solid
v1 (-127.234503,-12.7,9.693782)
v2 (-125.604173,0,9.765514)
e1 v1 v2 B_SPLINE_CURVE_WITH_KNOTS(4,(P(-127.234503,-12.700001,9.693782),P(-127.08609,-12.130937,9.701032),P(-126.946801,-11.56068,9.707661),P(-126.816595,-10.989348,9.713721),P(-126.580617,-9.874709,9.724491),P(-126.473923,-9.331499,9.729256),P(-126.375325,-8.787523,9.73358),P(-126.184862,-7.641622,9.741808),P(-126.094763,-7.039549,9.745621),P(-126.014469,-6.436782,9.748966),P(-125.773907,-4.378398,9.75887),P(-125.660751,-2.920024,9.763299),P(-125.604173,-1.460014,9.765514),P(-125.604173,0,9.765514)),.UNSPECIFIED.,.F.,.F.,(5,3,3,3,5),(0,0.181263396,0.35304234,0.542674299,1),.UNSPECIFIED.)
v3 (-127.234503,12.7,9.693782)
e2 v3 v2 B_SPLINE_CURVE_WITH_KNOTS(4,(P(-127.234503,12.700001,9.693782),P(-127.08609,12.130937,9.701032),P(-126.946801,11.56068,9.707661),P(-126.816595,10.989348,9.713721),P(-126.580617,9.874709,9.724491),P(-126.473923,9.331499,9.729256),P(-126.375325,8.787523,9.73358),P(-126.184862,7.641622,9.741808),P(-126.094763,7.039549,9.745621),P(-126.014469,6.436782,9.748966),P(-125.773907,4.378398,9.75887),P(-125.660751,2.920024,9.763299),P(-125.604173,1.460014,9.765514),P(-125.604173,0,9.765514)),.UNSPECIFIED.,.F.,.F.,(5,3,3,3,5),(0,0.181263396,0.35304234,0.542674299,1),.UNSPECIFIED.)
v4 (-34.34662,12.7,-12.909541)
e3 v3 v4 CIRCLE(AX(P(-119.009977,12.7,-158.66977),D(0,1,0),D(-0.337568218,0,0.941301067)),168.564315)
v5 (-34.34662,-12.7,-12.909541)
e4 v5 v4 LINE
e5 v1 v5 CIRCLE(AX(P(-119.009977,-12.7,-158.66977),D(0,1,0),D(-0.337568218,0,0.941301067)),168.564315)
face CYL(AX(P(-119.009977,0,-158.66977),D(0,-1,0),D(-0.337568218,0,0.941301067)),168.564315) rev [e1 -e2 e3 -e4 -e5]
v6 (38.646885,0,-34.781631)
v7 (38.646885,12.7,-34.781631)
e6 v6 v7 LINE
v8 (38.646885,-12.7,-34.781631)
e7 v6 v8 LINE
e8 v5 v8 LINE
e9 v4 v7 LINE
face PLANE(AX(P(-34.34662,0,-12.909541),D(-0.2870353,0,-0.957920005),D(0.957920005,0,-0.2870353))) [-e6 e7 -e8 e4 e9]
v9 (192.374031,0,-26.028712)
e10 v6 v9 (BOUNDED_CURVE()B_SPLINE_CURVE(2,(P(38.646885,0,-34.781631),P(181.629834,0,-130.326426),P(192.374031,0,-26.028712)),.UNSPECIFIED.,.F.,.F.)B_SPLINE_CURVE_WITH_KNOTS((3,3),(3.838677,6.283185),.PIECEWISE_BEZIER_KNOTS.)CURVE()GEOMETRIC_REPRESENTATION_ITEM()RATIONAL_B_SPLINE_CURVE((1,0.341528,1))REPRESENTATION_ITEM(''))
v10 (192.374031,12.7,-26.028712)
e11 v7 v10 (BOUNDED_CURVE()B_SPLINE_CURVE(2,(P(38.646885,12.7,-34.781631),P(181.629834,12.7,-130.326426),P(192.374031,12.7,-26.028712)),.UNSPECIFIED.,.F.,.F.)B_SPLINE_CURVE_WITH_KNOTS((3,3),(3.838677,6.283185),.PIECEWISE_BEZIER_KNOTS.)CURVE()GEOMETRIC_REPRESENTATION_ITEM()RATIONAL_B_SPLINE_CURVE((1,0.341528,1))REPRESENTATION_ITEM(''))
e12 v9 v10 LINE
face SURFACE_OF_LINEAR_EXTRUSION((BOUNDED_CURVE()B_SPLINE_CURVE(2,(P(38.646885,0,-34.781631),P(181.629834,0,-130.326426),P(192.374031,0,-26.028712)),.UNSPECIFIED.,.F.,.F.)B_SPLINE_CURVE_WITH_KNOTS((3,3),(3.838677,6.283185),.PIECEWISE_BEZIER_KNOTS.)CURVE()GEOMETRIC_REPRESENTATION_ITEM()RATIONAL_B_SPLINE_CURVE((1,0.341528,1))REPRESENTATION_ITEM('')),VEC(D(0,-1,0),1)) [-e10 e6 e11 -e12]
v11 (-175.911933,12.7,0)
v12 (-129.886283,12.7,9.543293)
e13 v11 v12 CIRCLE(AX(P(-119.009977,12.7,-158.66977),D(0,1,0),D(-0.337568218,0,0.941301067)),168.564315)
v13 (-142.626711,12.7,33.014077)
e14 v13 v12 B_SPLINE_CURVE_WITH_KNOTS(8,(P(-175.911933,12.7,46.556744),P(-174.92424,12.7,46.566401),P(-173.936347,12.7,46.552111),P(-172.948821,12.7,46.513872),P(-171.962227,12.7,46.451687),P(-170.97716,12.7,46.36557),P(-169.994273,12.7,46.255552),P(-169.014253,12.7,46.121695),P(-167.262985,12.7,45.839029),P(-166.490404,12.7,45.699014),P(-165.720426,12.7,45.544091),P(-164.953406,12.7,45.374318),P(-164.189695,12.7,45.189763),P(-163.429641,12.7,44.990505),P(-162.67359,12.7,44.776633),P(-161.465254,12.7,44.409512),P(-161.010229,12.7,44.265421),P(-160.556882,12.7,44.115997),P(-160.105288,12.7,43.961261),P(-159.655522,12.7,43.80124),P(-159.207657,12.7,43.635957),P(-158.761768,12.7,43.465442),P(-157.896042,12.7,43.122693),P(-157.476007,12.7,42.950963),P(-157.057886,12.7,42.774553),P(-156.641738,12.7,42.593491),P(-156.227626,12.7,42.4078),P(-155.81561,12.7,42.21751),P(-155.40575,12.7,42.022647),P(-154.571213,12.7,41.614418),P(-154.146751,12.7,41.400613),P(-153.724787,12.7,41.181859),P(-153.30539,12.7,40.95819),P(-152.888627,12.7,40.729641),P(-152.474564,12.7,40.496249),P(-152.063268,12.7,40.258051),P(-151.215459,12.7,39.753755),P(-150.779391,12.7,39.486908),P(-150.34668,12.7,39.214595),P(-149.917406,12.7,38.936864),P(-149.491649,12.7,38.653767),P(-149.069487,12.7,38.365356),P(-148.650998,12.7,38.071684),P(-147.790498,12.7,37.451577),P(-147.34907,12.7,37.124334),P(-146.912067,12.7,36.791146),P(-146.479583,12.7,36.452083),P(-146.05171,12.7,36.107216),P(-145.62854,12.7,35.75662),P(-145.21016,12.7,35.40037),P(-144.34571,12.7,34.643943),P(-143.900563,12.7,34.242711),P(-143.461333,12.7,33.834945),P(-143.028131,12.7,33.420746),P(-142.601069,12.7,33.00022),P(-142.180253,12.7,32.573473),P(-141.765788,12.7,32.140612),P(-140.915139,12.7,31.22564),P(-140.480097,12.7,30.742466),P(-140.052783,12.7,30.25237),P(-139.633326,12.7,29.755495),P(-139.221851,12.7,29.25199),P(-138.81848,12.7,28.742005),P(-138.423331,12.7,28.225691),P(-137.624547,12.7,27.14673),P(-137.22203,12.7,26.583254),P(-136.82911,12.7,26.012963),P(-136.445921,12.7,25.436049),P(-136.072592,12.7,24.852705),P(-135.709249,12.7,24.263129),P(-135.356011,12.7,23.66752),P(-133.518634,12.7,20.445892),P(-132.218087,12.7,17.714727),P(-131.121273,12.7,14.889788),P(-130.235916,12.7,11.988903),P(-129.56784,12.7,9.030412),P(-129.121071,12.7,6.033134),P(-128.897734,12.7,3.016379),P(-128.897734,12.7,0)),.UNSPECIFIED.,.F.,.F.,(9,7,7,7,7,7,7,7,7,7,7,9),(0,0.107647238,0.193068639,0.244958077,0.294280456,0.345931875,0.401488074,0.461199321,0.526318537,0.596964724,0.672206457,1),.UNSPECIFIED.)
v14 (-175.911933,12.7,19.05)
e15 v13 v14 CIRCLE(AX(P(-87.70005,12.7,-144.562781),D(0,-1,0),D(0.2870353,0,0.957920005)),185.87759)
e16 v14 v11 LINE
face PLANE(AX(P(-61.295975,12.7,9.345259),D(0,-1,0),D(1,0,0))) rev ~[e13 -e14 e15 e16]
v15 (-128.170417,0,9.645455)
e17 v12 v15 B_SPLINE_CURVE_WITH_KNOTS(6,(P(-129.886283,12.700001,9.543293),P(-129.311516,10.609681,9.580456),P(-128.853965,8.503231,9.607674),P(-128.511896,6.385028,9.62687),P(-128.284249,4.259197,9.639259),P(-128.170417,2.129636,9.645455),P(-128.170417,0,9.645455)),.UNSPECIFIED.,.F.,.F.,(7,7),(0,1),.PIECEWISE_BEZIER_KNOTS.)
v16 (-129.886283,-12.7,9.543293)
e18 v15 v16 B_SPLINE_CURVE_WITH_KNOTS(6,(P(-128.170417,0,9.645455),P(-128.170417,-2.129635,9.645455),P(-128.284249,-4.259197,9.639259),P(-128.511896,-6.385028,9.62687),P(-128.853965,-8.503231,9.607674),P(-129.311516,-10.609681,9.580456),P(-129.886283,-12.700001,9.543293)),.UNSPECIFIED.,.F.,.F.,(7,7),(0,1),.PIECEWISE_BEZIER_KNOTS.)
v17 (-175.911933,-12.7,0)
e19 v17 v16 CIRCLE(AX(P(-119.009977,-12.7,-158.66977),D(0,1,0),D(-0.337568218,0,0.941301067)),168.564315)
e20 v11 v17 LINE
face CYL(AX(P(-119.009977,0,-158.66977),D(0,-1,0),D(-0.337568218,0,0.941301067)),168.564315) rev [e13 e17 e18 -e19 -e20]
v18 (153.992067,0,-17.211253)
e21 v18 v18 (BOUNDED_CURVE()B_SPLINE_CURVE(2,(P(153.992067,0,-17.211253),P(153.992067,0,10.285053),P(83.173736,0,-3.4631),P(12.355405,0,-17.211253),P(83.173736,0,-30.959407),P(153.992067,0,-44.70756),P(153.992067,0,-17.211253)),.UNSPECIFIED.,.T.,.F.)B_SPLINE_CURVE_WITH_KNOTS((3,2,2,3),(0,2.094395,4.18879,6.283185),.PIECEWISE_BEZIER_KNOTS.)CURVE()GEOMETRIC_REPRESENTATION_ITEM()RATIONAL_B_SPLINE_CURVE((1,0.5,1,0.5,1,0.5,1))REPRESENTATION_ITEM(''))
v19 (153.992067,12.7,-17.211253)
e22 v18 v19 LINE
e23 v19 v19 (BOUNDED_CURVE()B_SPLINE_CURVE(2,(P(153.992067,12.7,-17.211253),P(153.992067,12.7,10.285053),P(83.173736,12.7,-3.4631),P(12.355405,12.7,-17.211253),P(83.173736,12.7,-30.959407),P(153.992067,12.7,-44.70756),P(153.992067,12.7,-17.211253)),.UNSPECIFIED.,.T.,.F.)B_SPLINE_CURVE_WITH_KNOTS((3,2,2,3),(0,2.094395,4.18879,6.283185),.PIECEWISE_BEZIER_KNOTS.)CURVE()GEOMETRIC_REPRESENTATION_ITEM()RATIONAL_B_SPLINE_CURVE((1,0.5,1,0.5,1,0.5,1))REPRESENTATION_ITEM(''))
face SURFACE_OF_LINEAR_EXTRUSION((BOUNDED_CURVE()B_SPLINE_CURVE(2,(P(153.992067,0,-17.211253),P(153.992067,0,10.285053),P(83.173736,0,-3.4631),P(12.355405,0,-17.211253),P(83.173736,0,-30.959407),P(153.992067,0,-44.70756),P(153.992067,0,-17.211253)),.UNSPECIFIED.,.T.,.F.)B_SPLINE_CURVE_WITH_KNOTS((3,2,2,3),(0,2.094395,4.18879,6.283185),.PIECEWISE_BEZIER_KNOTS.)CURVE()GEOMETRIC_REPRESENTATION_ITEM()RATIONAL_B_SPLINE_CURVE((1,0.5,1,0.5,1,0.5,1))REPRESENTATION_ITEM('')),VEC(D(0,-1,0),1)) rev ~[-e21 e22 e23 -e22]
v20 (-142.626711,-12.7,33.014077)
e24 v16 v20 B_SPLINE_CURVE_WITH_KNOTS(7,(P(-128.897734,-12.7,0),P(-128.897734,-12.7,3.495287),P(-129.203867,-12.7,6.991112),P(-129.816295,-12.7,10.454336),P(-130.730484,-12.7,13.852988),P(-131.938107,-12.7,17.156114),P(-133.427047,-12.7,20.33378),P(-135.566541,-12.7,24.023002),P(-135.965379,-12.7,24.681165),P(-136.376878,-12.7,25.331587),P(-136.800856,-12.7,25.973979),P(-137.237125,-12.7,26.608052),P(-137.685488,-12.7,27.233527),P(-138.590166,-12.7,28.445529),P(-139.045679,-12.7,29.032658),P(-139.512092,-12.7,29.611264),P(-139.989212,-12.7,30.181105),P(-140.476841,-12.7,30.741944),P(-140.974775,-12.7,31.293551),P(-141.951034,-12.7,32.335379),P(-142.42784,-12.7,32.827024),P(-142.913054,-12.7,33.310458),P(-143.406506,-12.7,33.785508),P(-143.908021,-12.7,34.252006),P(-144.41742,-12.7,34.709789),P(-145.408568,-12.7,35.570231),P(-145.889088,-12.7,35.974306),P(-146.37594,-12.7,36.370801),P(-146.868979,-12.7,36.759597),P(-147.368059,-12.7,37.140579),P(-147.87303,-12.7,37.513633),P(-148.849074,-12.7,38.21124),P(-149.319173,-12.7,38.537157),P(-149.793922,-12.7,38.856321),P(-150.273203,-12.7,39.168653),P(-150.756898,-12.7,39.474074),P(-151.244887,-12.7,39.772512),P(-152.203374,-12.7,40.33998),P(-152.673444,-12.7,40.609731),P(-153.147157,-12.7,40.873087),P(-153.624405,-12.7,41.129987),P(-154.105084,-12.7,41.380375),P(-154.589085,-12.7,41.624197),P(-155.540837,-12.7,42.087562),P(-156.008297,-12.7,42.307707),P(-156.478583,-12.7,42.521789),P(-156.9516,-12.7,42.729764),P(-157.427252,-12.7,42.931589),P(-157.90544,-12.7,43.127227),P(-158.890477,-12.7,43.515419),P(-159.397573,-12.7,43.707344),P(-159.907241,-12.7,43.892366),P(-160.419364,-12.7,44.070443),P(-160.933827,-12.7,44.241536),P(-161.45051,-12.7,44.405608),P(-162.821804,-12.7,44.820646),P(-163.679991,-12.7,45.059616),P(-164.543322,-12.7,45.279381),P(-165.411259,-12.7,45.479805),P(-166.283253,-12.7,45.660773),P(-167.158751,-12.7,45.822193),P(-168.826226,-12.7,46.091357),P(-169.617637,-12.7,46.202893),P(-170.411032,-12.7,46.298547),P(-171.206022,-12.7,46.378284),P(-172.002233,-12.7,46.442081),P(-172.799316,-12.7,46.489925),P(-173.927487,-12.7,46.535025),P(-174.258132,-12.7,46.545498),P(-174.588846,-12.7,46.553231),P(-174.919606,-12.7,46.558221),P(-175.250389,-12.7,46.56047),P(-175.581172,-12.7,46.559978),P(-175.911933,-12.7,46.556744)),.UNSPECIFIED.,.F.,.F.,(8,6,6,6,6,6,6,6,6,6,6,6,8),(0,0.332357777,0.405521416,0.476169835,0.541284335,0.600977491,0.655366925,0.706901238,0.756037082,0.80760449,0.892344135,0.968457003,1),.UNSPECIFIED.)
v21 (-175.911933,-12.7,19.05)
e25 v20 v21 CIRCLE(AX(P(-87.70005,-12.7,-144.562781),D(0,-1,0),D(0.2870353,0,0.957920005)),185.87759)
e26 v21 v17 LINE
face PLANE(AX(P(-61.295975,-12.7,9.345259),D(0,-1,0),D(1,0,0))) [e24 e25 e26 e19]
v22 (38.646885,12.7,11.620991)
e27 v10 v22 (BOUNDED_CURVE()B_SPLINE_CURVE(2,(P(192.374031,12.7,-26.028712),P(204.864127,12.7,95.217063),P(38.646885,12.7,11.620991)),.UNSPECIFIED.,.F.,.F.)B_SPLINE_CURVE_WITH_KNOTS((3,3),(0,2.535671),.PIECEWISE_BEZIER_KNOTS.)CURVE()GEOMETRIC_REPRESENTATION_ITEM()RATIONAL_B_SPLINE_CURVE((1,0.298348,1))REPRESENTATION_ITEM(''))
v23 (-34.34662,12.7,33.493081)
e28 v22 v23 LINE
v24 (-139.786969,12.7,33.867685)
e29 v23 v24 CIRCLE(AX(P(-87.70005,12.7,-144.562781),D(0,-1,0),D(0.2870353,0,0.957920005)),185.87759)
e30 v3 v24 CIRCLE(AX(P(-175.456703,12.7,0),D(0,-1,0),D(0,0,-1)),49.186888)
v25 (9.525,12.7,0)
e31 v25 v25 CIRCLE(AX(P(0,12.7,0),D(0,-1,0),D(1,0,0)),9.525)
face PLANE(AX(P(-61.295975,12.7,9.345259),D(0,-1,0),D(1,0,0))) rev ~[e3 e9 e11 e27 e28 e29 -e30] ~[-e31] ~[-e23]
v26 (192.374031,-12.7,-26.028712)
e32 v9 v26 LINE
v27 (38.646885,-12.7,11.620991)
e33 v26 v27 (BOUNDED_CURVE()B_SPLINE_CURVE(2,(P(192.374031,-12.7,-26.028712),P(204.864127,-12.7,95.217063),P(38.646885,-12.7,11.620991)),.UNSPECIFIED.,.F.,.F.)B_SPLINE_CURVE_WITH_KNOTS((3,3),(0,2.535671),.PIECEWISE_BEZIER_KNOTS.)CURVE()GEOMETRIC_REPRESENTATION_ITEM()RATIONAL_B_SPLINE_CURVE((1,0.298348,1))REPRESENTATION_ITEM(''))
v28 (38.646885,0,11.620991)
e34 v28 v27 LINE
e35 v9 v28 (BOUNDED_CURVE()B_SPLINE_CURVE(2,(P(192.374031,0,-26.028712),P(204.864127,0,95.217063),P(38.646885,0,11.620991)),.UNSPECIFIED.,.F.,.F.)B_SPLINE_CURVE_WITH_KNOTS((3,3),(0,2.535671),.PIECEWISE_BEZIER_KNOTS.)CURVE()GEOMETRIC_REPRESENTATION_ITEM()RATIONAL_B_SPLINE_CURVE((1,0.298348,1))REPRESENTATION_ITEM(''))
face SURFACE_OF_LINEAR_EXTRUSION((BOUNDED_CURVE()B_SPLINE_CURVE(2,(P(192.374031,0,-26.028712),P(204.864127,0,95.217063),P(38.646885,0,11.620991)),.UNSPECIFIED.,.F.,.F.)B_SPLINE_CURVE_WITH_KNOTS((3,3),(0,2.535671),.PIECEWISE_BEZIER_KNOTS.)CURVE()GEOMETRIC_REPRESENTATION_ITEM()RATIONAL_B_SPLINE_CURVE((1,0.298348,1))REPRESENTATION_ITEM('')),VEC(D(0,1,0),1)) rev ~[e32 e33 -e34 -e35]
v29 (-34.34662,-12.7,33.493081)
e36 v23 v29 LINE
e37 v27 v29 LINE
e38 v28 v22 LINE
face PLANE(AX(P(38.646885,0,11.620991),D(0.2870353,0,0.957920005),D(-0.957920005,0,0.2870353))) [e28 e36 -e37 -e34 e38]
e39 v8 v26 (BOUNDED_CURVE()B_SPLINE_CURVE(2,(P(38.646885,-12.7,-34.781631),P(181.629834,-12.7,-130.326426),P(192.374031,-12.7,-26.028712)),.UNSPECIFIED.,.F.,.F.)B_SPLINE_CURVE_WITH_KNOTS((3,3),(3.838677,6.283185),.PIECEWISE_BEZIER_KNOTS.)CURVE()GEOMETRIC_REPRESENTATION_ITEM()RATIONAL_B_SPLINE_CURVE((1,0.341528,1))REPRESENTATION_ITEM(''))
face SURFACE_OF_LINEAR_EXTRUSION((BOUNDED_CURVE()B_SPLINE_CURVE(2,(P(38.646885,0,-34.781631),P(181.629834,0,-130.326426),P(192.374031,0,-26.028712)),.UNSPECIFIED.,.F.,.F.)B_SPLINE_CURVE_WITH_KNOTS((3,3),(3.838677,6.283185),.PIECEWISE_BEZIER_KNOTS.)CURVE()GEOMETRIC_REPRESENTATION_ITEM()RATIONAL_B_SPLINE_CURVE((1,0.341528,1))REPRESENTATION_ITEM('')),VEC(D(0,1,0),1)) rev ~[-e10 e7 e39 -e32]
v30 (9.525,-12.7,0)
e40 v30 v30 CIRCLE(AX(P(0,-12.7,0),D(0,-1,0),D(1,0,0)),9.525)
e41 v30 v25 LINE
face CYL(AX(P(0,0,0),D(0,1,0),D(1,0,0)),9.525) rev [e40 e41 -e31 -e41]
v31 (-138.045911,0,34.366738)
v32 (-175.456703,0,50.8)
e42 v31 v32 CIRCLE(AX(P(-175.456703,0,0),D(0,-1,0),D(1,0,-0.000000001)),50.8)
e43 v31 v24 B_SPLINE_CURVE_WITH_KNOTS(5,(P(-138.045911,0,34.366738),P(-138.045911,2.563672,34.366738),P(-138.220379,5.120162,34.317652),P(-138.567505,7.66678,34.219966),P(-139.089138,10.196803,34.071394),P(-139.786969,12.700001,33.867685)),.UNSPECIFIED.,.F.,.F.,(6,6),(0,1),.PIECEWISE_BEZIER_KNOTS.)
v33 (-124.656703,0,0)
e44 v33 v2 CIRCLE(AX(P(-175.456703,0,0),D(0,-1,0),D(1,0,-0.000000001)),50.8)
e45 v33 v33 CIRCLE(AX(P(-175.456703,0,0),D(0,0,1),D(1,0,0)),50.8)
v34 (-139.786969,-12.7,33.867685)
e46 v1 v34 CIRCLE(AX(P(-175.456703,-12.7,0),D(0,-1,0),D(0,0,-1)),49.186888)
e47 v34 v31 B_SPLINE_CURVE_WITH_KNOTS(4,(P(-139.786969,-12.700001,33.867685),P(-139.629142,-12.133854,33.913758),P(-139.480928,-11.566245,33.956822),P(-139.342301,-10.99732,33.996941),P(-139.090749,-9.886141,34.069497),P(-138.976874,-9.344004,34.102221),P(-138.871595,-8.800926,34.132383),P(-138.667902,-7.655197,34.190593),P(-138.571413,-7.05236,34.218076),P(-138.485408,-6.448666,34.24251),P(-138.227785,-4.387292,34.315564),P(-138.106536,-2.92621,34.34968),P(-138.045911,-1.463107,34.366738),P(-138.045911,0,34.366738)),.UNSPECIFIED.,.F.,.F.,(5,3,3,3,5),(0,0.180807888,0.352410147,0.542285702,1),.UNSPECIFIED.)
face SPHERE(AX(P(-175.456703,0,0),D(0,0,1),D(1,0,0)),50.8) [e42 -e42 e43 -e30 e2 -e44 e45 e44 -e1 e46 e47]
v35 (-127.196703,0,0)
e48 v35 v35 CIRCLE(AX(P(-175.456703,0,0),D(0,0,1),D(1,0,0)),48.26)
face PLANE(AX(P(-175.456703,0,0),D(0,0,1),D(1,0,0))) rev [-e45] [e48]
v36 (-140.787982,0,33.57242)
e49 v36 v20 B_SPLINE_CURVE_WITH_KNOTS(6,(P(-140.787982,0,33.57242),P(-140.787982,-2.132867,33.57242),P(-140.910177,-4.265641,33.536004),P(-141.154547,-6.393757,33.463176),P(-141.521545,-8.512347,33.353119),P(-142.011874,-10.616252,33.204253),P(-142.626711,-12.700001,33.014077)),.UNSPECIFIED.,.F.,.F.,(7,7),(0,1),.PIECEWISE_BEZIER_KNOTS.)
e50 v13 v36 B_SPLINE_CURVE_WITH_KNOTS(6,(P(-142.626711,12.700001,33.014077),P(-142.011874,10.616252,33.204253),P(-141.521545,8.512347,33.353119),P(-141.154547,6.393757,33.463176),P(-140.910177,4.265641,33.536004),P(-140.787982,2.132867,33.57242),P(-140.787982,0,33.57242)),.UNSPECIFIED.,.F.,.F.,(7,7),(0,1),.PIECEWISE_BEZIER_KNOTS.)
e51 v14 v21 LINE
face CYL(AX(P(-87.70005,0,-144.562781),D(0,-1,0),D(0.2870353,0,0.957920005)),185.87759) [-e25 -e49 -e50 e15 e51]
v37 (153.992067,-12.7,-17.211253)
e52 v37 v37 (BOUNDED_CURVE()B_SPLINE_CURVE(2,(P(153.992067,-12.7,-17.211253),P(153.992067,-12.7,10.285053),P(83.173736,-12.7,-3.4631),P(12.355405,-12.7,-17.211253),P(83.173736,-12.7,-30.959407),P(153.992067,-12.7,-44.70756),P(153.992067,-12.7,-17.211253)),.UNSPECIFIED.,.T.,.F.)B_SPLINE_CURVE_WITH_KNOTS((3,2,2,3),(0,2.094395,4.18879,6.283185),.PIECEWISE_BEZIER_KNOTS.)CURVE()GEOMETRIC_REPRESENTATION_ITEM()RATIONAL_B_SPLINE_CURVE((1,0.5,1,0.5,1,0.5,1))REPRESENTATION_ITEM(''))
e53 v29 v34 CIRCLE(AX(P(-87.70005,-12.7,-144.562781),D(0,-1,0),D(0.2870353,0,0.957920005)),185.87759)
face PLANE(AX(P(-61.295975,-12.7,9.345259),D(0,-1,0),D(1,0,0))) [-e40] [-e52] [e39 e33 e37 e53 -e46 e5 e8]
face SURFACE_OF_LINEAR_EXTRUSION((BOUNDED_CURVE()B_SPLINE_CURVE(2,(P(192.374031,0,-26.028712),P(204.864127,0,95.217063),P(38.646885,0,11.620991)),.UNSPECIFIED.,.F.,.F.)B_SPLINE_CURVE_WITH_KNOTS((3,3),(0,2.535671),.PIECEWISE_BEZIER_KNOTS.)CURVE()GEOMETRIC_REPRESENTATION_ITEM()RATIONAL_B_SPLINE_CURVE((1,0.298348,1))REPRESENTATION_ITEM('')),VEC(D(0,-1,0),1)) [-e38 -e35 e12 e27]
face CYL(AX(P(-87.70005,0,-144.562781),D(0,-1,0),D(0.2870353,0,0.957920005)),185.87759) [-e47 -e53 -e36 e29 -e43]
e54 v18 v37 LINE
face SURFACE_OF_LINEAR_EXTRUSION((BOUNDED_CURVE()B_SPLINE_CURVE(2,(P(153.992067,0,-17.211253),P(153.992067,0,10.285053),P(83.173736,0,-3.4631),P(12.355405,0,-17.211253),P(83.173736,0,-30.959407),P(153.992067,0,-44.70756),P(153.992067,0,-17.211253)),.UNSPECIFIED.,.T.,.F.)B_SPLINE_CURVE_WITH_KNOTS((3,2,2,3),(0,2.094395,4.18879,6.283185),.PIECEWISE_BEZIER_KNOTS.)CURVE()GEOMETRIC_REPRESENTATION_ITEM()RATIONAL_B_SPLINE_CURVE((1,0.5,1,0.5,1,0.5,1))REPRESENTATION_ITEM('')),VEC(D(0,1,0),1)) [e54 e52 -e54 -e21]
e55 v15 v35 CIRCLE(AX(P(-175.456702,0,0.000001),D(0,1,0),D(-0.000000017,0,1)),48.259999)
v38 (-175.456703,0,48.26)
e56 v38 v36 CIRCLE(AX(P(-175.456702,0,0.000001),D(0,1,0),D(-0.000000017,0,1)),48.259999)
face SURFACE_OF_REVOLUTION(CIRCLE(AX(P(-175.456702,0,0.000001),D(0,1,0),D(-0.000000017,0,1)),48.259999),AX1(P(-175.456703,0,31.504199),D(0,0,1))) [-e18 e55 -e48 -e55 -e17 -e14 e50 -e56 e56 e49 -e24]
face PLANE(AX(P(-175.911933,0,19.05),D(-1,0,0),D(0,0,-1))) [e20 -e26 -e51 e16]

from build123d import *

# Parameters (mm, degrees)
F0_R     = 9.525
F1_DEPTH = 12.7


with BuildPart() as f1:
    # F0 (on Front) → F1 (new body, symmetric)
    with BuildSketch(Plane.XZ):
        with BuildLine():
            Line((38.646885, 11.620991), (-34.34662, 33.493081))
            ThreePointArc((-34.34662, 33.493081), (-106.56612, 40.354903), (-175.911933, 19.05))
            Line((-175.911933, 19.05), (-175.911933, 0))
            ThreePointArc((-175.911933, 0), (-103.701878, 9.198007), (-34.34662, -12.909541))
            Line((-34.34662, -12.909541), (38.646885, -34.781631))
            add(Edge.make_bspline(
                [(38.646885, 11.620991), (-0.974272, -8.30578), (38.646885, -34.781631)],
                knots=[2.535671, 2.535671, 2.535671, 3.838677, 3.838677, 3.838677], degree=2, weights=[1, 0.795173, 1]))
        make_face()
        Circle(F0_R, mode=Mode.SUBTRACT)
        with BuildLine():
            add(Edge.make_bspline(
                [(192.374031, -26.028712), (204.864127, 95.217063), (38.646885, 11.620991)],
                knots=[0, 0, 0, 2.535671, 2.535671, 2.535671], degree=2, weights=[1, 0.298348, 1]))
            add(Edge.make_bspline(
                [(38.646885, 11.620991), (-0.974272, -8.30578), (38.646885, -34.781631)],
                knots=[2.535671, 2.535671, 2.535671, 3.838677, 3.838677, 3.838677], degree=2, weights=[1, 0.795173, 1]))
            add(Edge.make_bspline(
                [(38.646885, -34.781631), (181.629834, -130.326426), (192.374031, -26.028712)],
                knots=[3.838677, 3.838677, 3.838677, 6.283185, 6.283185, 6.283185], degree=2, weights=[1, 0.341528, 1]))
        make_face()
        with BuildLine():
            add(Edge.make_bspline(
                [(153.992067, -17.211253), (153.992067, 10.285053), (83.173736, -3.4631), (12.355405, -17.211253), (83.173736, -30.959407), (153.992067, -44.70756), (153.992067, -17.211253)],
                knots=[0, 0, 0, 2.094395, 2.094395, 4.18879, 4.18879, 6.283185, 6.283185, 6.283185], degree=2, weights=[1, 0.5, 1, 0.5, 1, 0.5, 1]))
        make_face(mode=Mode.SUBTRACT)
    extrude(amount=F1_DEPTH, both=True)

    # F2 (on Front) → F3 (revolve)
    with BuildSketch(Plane.XZ):
        with BuildLine():
            Line((-175.456703, 50.8), (-175.456703, 48.26))
            ThreePointArc((-175.456703, 48.26), (-141.331729, 34.124973), (-127.196703, 0))
            Line((-127.196703, 0), (-124.656703, 0))
            ThreePointArc((-124.656703, 0), (-139.535678, 35.921024), (-175.456703, 50.8))
        make_face()
    revolve(axis=Axis((-175.456703, 0, 31.504199), (0, 0, 1)))


solid = f1.part
